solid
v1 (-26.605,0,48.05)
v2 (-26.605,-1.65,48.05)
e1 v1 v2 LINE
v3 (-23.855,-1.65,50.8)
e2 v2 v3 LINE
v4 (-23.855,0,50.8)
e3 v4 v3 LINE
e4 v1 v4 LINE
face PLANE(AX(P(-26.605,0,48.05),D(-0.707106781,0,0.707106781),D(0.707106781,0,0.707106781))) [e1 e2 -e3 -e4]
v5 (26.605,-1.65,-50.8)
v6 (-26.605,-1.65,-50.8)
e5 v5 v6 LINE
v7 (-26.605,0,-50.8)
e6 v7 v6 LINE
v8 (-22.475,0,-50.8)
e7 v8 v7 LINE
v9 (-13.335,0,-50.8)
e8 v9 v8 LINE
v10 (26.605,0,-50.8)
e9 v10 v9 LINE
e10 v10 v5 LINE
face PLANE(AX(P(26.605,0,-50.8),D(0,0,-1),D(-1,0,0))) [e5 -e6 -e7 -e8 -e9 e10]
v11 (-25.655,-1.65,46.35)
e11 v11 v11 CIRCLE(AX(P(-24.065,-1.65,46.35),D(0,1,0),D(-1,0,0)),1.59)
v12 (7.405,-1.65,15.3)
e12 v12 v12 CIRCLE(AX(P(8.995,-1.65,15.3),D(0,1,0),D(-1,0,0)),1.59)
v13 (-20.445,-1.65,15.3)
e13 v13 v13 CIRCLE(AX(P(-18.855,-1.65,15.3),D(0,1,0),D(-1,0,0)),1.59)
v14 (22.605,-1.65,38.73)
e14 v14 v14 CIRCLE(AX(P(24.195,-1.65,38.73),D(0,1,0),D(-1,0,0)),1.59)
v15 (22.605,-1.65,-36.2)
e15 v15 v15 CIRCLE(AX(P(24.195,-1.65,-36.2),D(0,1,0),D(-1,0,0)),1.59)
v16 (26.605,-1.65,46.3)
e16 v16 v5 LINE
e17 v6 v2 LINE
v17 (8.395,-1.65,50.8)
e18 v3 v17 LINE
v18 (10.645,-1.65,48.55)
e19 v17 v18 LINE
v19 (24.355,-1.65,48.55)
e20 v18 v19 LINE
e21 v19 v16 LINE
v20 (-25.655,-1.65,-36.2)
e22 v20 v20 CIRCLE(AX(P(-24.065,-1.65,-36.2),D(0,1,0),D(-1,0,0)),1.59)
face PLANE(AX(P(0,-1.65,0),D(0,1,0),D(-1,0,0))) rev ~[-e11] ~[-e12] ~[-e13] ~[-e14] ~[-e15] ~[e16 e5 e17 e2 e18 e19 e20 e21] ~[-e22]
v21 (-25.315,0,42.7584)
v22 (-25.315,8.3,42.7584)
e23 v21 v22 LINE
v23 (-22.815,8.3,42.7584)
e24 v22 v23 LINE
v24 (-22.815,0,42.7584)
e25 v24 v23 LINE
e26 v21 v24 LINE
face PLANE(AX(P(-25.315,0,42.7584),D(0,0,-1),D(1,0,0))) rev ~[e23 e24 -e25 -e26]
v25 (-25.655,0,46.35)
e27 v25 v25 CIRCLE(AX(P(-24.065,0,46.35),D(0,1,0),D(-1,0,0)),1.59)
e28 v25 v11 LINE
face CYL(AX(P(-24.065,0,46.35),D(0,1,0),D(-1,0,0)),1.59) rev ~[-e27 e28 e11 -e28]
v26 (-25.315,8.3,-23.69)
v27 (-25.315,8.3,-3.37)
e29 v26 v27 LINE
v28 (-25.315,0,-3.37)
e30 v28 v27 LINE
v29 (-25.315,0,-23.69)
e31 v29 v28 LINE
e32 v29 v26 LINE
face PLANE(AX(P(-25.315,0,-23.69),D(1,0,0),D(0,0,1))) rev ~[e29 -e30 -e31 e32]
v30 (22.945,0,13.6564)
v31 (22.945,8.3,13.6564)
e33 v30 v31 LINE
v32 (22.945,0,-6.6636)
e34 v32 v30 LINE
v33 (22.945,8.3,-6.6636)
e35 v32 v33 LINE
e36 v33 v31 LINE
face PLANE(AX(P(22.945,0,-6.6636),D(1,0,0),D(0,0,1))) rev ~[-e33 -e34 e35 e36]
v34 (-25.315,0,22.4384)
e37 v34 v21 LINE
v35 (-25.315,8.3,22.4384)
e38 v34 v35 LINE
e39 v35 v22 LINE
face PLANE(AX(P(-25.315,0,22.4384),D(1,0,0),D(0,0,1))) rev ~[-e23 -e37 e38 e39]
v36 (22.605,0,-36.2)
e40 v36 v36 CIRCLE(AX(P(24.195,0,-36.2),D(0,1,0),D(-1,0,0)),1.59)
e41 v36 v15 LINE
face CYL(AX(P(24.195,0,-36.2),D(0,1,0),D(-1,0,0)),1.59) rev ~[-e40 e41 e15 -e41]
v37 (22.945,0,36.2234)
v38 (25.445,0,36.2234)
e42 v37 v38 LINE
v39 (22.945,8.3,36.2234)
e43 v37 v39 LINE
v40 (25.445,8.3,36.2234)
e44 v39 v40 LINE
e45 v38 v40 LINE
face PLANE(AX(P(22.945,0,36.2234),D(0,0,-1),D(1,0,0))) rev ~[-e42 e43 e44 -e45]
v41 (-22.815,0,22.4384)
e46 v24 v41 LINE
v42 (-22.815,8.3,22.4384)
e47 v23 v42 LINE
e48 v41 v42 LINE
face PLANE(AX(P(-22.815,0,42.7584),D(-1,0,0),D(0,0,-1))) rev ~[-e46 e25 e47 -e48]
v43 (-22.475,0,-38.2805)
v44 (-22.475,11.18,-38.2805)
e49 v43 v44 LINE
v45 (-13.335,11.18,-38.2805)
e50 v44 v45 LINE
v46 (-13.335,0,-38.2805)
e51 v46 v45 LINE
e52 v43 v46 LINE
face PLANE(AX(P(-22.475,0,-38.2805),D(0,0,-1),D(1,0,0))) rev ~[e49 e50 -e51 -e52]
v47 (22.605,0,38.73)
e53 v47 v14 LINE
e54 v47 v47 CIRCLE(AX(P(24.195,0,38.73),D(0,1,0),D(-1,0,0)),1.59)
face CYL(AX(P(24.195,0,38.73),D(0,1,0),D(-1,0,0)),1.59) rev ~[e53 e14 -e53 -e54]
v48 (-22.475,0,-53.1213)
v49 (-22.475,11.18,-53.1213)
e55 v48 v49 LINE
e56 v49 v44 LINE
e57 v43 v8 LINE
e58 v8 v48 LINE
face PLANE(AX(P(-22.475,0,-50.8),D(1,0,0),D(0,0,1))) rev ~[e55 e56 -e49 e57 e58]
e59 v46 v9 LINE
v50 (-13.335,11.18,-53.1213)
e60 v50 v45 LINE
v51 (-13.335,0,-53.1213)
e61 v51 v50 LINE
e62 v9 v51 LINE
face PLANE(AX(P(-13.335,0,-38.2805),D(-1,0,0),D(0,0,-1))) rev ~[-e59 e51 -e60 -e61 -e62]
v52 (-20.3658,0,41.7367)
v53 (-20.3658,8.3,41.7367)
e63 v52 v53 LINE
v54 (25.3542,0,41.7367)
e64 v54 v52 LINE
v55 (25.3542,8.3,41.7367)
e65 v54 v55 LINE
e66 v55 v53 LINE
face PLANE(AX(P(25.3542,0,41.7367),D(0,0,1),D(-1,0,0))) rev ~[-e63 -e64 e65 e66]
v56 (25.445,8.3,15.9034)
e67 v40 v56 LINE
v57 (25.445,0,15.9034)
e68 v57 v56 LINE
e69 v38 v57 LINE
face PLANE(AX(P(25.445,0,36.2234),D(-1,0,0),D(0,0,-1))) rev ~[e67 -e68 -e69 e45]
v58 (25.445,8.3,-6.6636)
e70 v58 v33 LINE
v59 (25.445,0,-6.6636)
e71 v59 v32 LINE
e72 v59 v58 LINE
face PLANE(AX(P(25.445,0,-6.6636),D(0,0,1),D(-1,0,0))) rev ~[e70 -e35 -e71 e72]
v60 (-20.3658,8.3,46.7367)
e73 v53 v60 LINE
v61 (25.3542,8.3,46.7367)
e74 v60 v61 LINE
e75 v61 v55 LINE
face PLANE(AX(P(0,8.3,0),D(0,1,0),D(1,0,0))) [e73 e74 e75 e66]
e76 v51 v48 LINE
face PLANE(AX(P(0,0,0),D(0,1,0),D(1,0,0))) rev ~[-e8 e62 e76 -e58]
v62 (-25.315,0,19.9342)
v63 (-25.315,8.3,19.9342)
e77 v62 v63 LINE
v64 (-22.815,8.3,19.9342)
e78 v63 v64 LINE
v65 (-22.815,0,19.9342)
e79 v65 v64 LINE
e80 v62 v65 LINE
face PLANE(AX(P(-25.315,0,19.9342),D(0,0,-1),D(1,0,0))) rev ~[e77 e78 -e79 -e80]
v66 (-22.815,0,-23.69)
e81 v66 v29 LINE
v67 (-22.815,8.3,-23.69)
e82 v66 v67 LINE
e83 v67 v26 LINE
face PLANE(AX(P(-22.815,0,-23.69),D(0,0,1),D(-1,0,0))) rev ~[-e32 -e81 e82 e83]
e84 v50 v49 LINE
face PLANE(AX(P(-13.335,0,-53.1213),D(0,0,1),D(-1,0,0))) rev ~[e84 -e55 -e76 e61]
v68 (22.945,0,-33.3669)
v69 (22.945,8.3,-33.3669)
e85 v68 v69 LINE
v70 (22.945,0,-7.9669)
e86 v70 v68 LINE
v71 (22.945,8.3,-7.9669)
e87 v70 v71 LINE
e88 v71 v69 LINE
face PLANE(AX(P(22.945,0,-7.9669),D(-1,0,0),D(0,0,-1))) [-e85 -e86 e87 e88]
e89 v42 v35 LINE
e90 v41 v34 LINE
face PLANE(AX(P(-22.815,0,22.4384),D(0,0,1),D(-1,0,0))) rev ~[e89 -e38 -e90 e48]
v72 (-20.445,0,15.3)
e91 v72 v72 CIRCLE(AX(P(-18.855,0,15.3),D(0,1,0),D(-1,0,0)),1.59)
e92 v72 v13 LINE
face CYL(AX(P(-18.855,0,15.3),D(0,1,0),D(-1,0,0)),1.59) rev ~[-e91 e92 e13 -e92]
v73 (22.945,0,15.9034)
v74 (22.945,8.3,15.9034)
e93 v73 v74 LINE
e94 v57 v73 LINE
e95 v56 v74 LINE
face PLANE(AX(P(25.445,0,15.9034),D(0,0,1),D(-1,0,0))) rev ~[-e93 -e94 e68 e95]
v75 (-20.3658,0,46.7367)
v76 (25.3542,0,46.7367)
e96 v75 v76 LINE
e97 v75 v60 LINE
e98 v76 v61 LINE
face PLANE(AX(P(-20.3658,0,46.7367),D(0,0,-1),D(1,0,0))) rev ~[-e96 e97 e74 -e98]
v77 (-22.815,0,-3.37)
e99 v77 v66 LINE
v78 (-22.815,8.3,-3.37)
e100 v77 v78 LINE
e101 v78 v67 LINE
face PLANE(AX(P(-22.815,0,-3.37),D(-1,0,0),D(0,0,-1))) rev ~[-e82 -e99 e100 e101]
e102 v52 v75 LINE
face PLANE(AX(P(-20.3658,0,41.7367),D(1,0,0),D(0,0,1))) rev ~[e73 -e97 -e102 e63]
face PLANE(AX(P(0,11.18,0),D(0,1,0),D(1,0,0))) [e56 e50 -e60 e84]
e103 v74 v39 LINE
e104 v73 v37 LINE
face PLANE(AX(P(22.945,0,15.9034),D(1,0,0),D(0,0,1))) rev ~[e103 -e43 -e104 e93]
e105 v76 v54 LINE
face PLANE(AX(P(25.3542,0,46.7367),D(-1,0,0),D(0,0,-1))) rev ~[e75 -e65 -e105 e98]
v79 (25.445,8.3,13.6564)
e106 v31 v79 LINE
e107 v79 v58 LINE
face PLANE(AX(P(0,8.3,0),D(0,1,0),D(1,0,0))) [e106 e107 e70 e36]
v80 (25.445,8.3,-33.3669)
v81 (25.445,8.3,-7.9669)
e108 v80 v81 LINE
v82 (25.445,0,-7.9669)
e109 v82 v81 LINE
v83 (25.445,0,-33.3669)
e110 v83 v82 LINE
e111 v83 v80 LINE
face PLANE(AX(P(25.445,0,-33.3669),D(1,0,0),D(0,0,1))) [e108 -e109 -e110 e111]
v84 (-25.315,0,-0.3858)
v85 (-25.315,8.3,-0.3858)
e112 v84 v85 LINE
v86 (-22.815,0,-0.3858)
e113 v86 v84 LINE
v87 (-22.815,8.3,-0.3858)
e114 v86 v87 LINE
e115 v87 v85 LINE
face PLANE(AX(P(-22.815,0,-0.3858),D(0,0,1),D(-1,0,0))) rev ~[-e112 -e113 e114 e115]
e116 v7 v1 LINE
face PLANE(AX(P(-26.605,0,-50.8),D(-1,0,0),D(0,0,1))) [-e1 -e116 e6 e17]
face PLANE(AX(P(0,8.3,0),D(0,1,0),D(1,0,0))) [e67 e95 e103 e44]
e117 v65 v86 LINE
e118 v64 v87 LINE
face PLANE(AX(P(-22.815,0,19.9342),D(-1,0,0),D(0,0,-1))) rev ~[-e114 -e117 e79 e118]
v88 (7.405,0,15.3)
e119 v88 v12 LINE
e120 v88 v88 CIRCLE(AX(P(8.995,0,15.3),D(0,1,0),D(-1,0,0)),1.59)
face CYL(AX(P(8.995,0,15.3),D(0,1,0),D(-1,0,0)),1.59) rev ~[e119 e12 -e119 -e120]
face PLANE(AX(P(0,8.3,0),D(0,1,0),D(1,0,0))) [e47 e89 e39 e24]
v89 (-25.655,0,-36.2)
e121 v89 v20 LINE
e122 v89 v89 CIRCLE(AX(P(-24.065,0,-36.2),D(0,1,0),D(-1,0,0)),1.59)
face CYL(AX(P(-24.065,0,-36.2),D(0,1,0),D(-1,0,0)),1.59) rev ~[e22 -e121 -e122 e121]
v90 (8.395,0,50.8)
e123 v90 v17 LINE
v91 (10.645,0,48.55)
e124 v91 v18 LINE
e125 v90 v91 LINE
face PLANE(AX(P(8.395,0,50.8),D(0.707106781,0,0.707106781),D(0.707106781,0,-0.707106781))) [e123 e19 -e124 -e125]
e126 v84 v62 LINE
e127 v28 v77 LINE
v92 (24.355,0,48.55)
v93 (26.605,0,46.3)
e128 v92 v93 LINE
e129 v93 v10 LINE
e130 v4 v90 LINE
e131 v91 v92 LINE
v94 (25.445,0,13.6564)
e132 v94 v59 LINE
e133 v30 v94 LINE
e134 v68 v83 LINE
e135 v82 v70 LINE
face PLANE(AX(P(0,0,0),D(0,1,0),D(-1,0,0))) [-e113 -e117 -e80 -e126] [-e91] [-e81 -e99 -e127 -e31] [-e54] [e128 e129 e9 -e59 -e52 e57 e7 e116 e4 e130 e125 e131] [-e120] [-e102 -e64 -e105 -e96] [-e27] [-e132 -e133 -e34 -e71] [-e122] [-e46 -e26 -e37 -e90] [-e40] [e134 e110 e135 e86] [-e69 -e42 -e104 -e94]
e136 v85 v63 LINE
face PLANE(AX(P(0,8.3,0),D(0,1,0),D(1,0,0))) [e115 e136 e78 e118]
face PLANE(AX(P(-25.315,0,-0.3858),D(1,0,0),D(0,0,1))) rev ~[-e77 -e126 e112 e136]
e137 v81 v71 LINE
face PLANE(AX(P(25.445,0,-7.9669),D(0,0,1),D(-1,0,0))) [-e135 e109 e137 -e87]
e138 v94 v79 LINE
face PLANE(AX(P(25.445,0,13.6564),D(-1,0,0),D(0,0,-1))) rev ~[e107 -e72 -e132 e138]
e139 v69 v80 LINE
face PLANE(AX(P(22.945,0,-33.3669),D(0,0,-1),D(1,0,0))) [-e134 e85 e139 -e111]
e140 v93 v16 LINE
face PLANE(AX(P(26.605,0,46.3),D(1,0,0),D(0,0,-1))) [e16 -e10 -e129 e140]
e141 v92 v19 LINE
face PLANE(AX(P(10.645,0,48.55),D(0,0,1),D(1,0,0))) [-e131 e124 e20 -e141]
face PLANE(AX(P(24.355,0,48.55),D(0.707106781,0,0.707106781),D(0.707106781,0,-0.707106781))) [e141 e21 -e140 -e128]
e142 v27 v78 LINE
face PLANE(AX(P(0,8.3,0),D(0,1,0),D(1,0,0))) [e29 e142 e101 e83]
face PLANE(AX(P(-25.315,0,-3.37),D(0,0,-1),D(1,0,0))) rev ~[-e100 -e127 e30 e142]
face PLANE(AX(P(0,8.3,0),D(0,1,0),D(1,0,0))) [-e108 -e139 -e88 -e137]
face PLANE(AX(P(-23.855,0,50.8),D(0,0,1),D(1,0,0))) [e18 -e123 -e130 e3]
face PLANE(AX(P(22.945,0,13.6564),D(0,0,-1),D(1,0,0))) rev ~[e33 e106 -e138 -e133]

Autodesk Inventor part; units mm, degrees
ref_plane "YZ Plane" through (0, 0, 0) normal (1, 0, 0) x (0, 1, 0)
ref_plane "XZ Plane" through (0, 0, 0) normal (0, 1, 0) x (-1, 0, 0)
ref_plane "XY Plane" through (0, 0, 0) normal (0, 0, 1) x (1, 0, 0)
sketch "Sketch1" plane through (0, 0, 0) normal (0, 1, 0) x (-1, 0, 0)
  line L0 (-26.605, -50.8) -> (26.605, -50.8)
  line L1 (26.605, -50.8) -> (26.605, 48.05)
  line L2 (23.855, 50.8) -> (-8.395, 50.8)
  line L3 (-26.605, 46.3) -> (-26.605, -50.8)
  line L4 (26.605, 48.05) -> (23.855, 50.8)
  line L5 (-8.395, 50.8) -> (-10.645, 48.55)
  line L6 (-10.645, 48.55) -> (-24.355, 48.55)
  line L7 (-24.355, 48.55) -> (-26.605, 46.3)
  circle A0 centre (24.065, -36.2) radius 1.59
  circle A1 centre (18.855, 15.3) radius 1.59
  circle A2 centre (-24.195, 38.73) radius 1.59
  circle A3 centre (24.065, 46.35) radius 1.59
  circle A4 centre (-8.995, 15.3) radius 1.59
  circle A5 centre (-24.195, -36.2) radius 1.59
  line L8 (24.065, -36.2) -> (24.065, 46.35) construction
  line L9 (24.065, -36.2) -> (-24.195, -36.2) construction
  line L10 (-24.195, -36.2) -> (-24.195, 38.73) construction
  line L11 (18.855, 15.3) -> (-8.995, 15.3) construction
  point P0 (0, 0)
  dimension "d4" = 2.25
  dimension "d5" = 45
  dimension "d6" = 2.25
  dimension "d7" = 45
  dimension "d8" = 2.75
  dimension "d9" = 35
  dimension "d10" = 53.21
  dimension "d11" = 101.6
  dimension "d12" = 50.8
  dimension "d13" = 26.605
  dimension "d14" = 2.54
  dimension "d15" = 7.75
  dimension "d16" = 82.55
  dimension "d17" = 74.93
  dimension "d18" = 48.26
  dimension "d19" = 66.1
  dimension "d20" = 3.18
  dimension "d21" = 27.85
  dimension "d22" = 14.6
extrude "Extrusion1" add sketch "Sketch1" against normal blind 1.65
sketch "Sketch2" plane through (0, 0, 0) normal (0, 1, 0) x (1, 0, 0)
  circle A0 centre (24.195, 36.2) radius 1.59 projected
  circle A1 centre (8.995, -15.3) radius 1.59 projected
  circle A2 centre (-24.065, -46.35) radius 1.59 projected
  circle A3 centre (24.195, -38.73) radius 1.59 projected
  circle A4 centre (-18.855, -15.3) radius 1.59 projected
  circle A5 centre (-24.065, 36.2) radius 1.59 projected
  line L0 (26.605, 50.8) -> (-26.605, 50.8) projected
  line L1 (-26.605, 50.8) -> (-26.605, -48.05) projected
  line L2 (-26.605, -48.05) -> (-23.855, -50.8) projected
  line L3 (-23.855, -50.8) -> (8.395, -50.8) projected
  line L4 (8.395, -50.8) -> (10.645, -48.55) projected
  line L5 (10.645, -48.55) -> (24.355, -48.55) projected
  line L6 (24.355, -48.55) -> (26.605, -46.3) projected
  line L7 (26.605, -46.3) -> (26.605, 50.8) projected
  circle A6 centre (24.195, 36.2) radius 1.59 projected
  line L8 (24.195, 36.2) -> (24.195, -38.73) construction
  line L9 (25.445, 7.9669) -> (22.945, 7.9669)
  line L10 (22.945, 7.9669) -> (22.945, 33.3669)
  line L11 (22.945, 33.3669) -> (25.445, 33.3669)
  line L12 (25.445, 33.3669) -> (25.445, 7.9669)
  line L13 (25.445, 7.9669) -> (22.945, 33.3669) construction
  line L14 (22.945, 7.9669) -> (25.445, 33.3669) construction
  line L15 (22.945, -13.6564) -> (25.445, -13.6564)
  line L16 (25.445, -13.6564) -> (25.445, 6.6636)
  line L17 (25.445, 6.6636) -> (22.945, 6.6636)
  line L18 (22.945, 6.6636) -> (22.945, -13.6564)
  line L19 (22.945, -13.6564) -> (25.445, 6.6636) construction
  line L20 (25.445, -13.6564) -> (22.945, 6.6636) construction
  line L21 (22.945, -36.2234) -> (25.445, -36.2234)
  line L22 (25.445, -36.2234) -> (25.445, -15.9034)
  line L23 (25.445, -15.9034) -> (22.945, -15.9034)
  line L24 (22.945, -15.9034) -> (22.945, -36.2234)
  line L25 (22.945, -36.2234) -> (25.445, -15.9034) construction
  line L26 (25.445, -36.2234) -> (22.945, -15.9034) construction
  line L27 (-20.3658, -46.7367) -> (25.3542, -46.7367)
  line L28 (25.3542, -46.7367) -> (25.3542, -41.7367)
  line L29 (25.3542, -41.7367) -> (-20.3658, -41.7367)
  line L30 (-20.3658, -41.7367) -> (-20.3658, -46.7367)
  line L31 (-20.3658, -46.7367) -> (25.3542, -41.7367) construction
  line L32 (25.3542, -46.7367) -> (-20.3658, -41.7367) construction
  circle A7 centre (-24.065, 36.2) radius 1.59 projected
  line L33 (-24.065, 36.2) -> (-24.065, -46.35) construction
  line L34 (-25.315, 3.37) -> (-22.815, 3.37)
  line L35 (-22.815, 3.37) -> (-22.815, 23.69)
  line L36 (-22.815, 23.69) -> (-25.315, 23.69)
  line L37 (-25.315, 23.69) -> (-25.315, 3.37)
  line L38 (-25.315, 3.37) -> (-22.815, 23.69) construction
  line L39 (-22.815, 3.37) -> (-25.315, 23.69) construction
  line L40 (-25.315, -19.9342) -> (-22.815, -19.9342)
  line L41 (-22.815, -19.9342) -> (-22.815, 0.3858)
  line L42 (-22.815, 0.3858) -> (-25.315, 0.3858)
  line L43 (-25.315, 0.3858) -> (-25.315, -19.9342)
  line L44 (-25.315, -19.9342) -> (-22.815, 0.3858) construction
  line L45 (-22.815, -19.9342) -> (-25.315, 0.3858) construction
  line L46 (-25.315, -42.7584) -> (-22.815, -42.7584)
  line L47 (-22.815, -42.7584) -> (-22.815, -22.4384)
  line L48 (-22.815, -22.4384) -> (-25.315, -22.4384)
  line L49 (-25.315, -22.4384) -> (-25.315, -42.7584)
  line L50 (-25.315, -42.7584) -> (-22.815, -22.4384) construction
  line L51 (-22.815, -42.7584) -> (-25.315, -22.4384) construction
  point P0 (0, 0)
  point P1 (24.195, 20.6669)
  point P2 (24.195, -3.4964)
  point P3 (24.195, -26.0634)
  point P4 (2.4942, -44.2367)
  point P5 (-24.065, 13.53)
  point P6 (-24.065, -9.7742)
  point P7 (-24.065, -32.5984)
  dimension "d23" = 25.4
  dimension "d24" = 20.32
  dimension "d25" = 2.5
  dimension "d26" = 20.32
  dimension "d27" = 5
  dimension "d28" = 45.72
  dimension "d29" = 20.32
  dimension "d30" = 20.32
  dimension "d31" = 20.32
extrude "Extrusion2" add sketch "Sketch2" along normal blind 8.3 contours L9 L10 L11 L12 | L18 L17 L16 L15 | L24 L23 L22 L21 | L30 L29 L28 L27 | L37 L36 L35 L34 | L43 L42 L41 L40 | L49 L48 L47 L46
sketch "Sketch3" plane through (0, 0, 0) normal (0, 1, 0) x (1, 0, 0)
  line L0 (22.945, 7.9669) -> (22.945, 33.3669) projected
  line L1 (22.945, 33.3669) -> (25.445, 33.3669) projected
  line L2 (25.445, 33.3669) -> (25.445, 7.9669) projected
  line L3 (25.445, 7.9669) -> (22.945, 7.9669) projected
  line L4 (-25.315, -19.9342) -> (-25.315, 0.3858) projected
  line L5 (-25.315, 0.3858) -> (-22.815, 0.3858) projected
  line L6 (-22.815, 0.3858) -> (-22.815, -19.9342) projected
  line L7 (-22.815, -19.9342) -> (-25.315, -19.9342) projected
  line L8 (22.945, -36.2234) -> (22.945, -15.9034) projected
  line L9 (22.945, -15.9034) -> (25.445, -15.9034) projected
  line L10 (25.445, -15.9034) -> (25.445, -36.2234) projected
  line L11 (25.445, -36.2234) -> (22.945, -36.2234) projected
  line L12 (22.945, -13.6564) -> (22.945, 6.6636) projected
  line L13 (22.945, 6.6636) -> (25.445, 6.6636) projected
  line L14 (25.445, 6.6636) -> (25.445, -13.6564) projected
  line L15 (25.445, -13.6564) -> (22.945, -13.6564) projected
  line L16 (-25.315, 3.37) -> (-25.315, 23.69) projected
  line L17 (-25.315, 23.69) -> (-22.815, 23.69) projected
  line L18 (-22.815, 23.69) -> (-22.815, 3.37) projected
  line L19 (-22.815, 3.37) -> (-25.315, 3.37) projected
  line L20 (-25.315, -42.7584) -> (-25.315, -22.4384) projected
  line L21 (-25.315, -22.4384) -> (-22.815, -22.4384) projected
  line L22 (-22.815, -22.4384) -> (-22.815, -42.7584) projected
  line L23 (-22.815, -42.7584) -> (-25.315, -42.7584) projected
  line L24 (-20.3658, -46.7367) -> (-20.3658, -41.7367) projected
  line L25 (-20.3658, -41.7367) -> (25.3542, -41.7367) projected
  line L26 (25.3542, -41.7367) -> (25.3542, -46.7367) projected
  line L27 (25.3542, -46.7367) -> (-20.3658, -46.7367) projected
  circle A0 centre (24.195, 36.2) radius 1.59 projected
  circle A1 centre (8.995, -15.3) radius 1.59 projected
  circle A2 centre (-24.065, -46.35) radius 1.59 projected
  circle A3 centre (24.195, -38.73) radius 1.59 projected
  circle A4 centre (-18.855, -15.3) radius 1.59 projected
  circle A5 centre (-24.065, 36.2) radius 1.59 projected
  line L28 (26.605, 50.8) -> (-26.605, 50.8) projected
  line L29 (-26.605, 50.8) -> (-26.605, -48.05) projected
  line L30 (-26.605, -48.05) -> (-23.855, -50.8) projected
  line L31 (-23.855, -50.8) -> (8.395, -50.8) projected
  line L32 (8.395, -50.8) -> (10.645, -48.55) projected
  line L33 (10.645, -48.55) -> (24.355, -48.55) projected
  line L34 (24.355, -48.55) -> (26.605, -46.3) projected
  line L35 (26.605, -46.3) -> (26.605, 50.8) projected
  line L36 (-13.335, 53.1213) -> (-22.475, 53.1213)
  line L37 (-22.475, 53.1213) -> (-22.475, 38.2805)
  line L38 (-22.475, 38.2805) -> (-13.335, 38.2805)
  line L39 (-13.335, 38.2805) -> (-13.335, 53.1213)
  point P0 (0, 0)
  dimension "d34" = 9.14
extrude "Extrusion3" add sketch "Sketch3" along normal blind 11.18 contours L39 L38 L37 L28 | L28 L37 L36 L39
properties part number "Arduino Due"
